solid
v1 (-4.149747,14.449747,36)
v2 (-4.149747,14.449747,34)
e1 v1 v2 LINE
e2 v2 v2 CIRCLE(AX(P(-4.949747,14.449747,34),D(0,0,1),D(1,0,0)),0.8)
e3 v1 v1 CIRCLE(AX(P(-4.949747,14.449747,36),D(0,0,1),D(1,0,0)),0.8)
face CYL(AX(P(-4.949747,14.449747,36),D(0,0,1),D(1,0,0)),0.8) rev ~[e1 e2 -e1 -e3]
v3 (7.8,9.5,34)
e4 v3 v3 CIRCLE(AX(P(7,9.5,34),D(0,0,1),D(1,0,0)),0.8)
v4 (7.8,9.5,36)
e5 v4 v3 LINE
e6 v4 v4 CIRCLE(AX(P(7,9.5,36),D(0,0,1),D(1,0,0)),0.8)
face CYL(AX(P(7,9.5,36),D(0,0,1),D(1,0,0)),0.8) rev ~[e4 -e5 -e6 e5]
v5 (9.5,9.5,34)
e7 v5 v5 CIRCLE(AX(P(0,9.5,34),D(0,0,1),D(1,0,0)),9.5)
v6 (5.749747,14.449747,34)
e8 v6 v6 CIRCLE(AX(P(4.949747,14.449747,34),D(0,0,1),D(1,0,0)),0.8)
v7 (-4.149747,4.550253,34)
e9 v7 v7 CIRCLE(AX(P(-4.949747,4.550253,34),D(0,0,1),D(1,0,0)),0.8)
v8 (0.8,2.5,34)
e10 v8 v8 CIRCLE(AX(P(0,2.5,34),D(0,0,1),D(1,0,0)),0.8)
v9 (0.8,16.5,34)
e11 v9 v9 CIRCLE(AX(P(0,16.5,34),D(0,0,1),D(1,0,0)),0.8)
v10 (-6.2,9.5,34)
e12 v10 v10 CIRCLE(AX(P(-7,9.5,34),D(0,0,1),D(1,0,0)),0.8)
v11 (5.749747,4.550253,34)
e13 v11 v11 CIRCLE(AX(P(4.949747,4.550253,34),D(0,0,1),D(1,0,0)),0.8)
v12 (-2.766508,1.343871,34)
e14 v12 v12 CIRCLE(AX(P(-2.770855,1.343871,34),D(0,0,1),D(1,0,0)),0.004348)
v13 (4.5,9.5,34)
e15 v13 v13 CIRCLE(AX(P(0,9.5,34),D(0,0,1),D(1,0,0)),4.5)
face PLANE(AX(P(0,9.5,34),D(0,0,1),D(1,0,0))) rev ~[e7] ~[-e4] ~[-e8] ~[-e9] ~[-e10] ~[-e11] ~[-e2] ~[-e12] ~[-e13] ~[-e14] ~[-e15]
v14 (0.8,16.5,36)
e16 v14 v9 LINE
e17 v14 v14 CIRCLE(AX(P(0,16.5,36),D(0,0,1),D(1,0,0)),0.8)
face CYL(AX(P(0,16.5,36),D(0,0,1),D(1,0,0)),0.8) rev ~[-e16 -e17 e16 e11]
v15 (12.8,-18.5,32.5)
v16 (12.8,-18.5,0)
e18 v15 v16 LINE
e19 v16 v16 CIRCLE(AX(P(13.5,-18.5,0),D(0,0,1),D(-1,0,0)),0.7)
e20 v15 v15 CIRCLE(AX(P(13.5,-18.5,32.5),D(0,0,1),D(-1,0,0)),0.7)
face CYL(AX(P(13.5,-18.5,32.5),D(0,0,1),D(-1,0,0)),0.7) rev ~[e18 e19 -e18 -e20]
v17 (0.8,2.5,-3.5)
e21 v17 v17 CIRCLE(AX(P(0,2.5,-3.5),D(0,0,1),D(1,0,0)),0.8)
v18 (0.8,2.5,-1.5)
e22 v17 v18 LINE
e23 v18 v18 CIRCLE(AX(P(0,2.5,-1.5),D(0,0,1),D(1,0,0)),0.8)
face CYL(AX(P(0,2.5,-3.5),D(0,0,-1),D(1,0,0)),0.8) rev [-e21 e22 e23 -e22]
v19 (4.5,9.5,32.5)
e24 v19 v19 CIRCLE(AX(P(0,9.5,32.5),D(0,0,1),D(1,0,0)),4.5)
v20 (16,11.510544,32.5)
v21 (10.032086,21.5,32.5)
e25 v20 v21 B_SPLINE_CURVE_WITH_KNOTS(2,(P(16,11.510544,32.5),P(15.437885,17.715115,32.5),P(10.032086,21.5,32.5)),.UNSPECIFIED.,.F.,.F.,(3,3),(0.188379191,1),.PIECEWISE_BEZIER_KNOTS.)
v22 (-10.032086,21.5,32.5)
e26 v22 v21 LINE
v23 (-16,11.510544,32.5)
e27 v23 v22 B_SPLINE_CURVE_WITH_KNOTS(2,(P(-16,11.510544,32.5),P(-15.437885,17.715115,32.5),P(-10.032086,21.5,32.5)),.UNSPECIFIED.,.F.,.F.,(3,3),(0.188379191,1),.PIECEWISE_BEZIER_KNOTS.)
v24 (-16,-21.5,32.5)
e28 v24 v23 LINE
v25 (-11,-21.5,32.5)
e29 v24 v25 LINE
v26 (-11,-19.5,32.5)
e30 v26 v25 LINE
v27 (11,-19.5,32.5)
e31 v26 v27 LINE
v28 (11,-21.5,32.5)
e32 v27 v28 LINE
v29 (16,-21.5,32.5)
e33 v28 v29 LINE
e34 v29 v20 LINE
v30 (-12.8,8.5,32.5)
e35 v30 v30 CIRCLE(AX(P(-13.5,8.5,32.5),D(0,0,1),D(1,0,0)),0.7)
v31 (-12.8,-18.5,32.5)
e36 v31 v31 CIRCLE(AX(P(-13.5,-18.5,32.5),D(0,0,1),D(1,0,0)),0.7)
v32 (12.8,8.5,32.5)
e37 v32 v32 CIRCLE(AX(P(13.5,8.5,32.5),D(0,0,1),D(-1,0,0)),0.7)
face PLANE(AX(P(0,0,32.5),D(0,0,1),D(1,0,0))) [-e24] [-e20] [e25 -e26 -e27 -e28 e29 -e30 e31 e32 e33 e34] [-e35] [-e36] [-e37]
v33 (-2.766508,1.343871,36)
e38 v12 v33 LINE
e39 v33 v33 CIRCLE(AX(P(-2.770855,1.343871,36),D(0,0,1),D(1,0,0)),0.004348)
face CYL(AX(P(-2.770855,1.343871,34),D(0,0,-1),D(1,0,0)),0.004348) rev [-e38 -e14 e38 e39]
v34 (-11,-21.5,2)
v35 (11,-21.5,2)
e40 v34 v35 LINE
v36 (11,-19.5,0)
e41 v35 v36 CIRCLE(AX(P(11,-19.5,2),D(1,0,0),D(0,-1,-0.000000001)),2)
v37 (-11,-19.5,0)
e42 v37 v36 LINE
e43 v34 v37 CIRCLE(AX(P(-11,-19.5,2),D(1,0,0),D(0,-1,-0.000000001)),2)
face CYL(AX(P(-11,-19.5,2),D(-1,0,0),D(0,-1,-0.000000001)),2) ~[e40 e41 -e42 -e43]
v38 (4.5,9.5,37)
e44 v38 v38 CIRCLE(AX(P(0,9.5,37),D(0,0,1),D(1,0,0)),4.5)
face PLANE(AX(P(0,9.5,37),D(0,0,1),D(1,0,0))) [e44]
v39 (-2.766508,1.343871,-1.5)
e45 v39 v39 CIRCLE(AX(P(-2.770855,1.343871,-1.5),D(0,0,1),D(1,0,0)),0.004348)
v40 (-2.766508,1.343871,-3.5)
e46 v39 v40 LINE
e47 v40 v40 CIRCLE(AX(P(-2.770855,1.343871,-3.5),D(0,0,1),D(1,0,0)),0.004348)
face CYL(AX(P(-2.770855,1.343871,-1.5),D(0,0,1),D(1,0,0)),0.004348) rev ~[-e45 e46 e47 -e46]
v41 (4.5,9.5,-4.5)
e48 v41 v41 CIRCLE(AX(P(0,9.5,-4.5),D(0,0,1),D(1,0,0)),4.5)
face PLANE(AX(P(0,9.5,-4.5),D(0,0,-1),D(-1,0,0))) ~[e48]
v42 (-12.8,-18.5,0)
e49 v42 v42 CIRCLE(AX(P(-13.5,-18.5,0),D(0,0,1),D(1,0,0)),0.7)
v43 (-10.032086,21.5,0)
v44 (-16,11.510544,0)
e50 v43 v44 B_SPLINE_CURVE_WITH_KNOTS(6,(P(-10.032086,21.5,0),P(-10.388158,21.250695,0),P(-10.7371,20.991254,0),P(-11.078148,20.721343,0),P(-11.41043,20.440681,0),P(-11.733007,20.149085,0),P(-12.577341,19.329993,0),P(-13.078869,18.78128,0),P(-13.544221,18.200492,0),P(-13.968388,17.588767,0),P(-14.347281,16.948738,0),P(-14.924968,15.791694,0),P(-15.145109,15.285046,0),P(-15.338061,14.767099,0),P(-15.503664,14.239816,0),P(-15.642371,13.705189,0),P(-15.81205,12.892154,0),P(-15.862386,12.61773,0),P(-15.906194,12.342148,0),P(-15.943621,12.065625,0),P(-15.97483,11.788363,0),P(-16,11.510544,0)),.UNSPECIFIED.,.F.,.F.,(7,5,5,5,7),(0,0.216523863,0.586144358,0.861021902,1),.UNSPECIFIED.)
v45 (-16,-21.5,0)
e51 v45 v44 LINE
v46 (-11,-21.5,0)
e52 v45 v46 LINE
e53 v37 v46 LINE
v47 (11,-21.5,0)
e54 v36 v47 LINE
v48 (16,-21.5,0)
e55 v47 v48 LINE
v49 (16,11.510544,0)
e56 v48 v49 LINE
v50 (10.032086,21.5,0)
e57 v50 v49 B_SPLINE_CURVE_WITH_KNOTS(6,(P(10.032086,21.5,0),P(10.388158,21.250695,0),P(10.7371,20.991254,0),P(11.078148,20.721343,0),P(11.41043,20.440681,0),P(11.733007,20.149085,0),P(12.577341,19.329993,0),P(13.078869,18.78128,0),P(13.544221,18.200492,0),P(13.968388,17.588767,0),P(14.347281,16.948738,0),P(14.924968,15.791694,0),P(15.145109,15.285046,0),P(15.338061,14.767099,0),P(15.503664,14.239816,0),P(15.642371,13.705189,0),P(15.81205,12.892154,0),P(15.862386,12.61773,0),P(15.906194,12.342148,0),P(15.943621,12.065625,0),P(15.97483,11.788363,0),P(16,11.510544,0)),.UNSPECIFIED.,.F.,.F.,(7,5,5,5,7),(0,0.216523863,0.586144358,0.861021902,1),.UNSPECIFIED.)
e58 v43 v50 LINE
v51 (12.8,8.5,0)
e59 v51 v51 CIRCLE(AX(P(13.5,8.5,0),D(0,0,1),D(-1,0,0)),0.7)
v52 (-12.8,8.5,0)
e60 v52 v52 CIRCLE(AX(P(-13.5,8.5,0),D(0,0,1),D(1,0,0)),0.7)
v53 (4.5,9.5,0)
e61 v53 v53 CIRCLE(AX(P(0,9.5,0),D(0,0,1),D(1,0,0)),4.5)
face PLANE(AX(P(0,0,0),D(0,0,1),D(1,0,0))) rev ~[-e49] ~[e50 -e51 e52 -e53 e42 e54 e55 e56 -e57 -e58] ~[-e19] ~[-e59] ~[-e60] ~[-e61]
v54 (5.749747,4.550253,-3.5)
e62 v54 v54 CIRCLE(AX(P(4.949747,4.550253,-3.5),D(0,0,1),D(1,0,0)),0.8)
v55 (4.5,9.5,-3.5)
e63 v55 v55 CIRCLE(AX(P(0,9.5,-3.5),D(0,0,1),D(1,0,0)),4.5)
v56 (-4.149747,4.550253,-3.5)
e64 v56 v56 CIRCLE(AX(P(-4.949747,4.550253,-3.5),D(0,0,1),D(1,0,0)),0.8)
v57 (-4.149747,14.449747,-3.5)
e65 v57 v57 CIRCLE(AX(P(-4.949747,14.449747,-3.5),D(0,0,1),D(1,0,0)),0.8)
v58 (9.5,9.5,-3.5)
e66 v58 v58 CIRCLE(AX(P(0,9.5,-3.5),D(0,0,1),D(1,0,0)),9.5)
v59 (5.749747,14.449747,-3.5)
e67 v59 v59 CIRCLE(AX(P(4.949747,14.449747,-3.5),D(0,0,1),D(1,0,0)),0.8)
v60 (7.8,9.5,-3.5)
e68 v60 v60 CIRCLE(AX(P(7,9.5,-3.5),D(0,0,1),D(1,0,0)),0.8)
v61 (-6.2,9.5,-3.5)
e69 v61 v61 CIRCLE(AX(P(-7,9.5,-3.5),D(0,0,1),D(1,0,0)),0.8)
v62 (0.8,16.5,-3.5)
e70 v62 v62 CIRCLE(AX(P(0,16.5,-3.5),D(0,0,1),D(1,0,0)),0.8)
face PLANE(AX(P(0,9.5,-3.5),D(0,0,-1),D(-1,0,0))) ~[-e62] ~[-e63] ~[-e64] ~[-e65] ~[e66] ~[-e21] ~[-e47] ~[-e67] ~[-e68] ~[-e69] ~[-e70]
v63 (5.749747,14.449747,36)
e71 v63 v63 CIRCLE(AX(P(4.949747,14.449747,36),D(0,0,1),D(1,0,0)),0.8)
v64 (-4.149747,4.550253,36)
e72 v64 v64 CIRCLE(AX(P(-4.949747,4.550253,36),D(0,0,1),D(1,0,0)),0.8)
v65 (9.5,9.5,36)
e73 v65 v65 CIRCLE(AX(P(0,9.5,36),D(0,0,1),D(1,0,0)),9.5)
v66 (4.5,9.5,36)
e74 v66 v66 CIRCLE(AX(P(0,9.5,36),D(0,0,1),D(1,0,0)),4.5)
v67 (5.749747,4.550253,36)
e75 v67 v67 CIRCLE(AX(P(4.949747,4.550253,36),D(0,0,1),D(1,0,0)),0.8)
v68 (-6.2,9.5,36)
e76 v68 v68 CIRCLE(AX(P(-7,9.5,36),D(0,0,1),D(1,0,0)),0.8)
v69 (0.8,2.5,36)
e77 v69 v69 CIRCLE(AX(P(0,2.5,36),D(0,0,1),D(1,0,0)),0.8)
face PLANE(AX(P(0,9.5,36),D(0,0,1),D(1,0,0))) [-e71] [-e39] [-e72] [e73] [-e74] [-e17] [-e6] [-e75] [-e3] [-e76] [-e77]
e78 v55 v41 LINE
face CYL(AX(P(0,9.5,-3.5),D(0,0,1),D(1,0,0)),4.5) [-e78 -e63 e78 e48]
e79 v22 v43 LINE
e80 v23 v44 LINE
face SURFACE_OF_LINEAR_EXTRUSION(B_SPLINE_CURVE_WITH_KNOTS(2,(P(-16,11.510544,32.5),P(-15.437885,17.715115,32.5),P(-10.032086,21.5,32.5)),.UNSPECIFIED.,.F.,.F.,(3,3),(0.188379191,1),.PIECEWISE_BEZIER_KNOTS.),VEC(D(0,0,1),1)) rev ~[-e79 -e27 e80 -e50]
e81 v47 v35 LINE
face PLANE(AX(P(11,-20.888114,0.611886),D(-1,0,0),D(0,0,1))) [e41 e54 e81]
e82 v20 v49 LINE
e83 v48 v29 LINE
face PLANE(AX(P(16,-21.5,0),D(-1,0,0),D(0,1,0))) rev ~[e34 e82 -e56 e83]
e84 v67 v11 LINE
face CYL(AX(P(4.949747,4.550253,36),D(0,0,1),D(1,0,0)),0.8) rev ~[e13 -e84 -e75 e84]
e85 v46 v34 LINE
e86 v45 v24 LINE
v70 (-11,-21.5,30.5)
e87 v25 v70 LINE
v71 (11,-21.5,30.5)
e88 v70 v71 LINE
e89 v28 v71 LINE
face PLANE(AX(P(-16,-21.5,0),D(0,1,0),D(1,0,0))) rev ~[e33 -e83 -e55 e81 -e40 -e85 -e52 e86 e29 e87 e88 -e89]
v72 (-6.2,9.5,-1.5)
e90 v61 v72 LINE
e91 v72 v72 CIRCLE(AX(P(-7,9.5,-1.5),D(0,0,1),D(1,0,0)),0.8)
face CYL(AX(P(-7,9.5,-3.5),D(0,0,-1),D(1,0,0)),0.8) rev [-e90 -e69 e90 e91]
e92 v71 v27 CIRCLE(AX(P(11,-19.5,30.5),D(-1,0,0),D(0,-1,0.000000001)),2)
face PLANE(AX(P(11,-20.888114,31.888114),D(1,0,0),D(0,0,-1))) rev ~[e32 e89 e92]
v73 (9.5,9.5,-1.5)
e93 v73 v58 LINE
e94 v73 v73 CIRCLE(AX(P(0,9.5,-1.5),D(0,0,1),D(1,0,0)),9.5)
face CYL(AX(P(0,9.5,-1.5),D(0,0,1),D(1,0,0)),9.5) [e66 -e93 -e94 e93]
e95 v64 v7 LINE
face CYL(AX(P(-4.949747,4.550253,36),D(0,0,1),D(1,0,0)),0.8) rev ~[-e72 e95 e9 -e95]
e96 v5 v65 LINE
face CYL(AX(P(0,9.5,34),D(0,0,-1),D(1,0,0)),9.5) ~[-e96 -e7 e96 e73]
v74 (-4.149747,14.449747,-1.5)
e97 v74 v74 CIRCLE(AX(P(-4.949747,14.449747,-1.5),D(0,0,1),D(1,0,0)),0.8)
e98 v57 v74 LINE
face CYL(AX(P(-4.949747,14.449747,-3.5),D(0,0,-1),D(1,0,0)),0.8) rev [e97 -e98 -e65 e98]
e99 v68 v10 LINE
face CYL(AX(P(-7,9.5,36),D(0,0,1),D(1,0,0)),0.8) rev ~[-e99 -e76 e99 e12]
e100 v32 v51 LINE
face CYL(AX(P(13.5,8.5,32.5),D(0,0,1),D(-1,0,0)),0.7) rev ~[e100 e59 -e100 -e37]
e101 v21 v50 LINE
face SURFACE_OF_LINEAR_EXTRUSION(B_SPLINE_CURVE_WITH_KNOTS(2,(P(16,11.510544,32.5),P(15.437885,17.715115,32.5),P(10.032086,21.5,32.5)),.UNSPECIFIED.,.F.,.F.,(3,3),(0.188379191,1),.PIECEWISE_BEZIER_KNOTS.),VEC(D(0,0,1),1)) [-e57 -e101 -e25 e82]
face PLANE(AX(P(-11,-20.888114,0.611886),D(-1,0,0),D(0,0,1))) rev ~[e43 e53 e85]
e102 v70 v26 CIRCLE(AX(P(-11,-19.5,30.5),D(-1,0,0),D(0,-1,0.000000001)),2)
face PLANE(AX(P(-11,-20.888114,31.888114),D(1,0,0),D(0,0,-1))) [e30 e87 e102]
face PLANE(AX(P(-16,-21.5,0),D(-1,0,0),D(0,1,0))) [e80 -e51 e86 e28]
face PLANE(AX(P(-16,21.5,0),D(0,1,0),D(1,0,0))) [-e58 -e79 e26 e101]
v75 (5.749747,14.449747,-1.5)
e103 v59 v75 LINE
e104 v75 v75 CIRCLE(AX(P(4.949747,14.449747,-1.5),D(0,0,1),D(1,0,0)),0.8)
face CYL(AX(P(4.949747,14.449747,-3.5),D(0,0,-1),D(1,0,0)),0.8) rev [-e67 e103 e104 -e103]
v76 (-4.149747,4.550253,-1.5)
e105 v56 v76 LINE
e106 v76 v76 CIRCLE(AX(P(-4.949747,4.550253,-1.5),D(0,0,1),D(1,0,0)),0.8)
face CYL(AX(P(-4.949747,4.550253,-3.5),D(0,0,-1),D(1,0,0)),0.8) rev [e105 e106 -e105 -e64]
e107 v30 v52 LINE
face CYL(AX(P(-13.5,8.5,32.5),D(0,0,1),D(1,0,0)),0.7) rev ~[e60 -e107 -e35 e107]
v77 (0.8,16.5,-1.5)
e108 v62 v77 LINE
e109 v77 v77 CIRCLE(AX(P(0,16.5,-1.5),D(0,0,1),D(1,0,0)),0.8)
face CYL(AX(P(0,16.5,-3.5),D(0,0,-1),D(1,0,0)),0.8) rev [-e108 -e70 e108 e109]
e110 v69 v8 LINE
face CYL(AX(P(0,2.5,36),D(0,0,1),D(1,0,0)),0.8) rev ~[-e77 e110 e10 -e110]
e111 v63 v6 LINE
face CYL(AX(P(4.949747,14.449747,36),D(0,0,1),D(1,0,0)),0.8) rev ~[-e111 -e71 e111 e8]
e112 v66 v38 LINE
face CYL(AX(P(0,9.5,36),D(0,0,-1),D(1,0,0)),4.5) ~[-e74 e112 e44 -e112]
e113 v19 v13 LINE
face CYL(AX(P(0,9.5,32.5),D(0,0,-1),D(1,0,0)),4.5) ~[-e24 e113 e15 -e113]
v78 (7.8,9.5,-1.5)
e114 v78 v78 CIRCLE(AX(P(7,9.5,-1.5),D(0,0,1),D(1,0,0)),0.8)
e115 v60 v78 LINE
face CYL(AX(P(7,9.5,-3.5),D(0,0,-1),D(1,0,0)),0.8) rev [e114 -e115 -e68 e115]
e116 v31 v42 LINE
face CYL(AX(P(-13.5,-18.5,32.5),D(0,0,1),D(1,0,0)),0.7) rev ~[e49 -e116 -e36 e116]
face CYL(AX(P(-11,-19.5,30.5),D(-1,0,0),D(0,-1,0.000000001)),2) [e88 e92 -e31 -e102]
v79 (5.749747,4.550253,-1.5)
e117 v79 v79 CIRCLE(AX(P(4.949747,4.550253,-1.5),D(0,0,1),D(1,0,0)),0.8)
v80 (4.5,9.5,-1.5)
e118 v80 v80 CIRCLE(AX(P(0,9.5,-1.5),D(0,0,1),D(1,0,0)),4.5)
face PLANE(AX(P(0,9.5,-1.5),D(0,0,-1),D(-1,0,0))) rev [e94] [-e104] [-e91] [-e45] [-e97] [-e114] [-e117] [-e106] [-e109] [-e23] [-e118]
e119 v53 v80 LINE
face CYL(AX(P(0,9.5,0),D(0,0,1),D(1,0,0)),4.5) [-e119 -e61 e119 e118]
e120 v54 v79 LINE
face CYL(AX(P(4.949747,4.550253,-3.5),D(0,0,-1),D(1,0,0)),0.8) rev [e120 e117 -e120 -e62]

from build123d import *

# Parameters (mm, degrees)
ESQUISSE2_W             = 32
ESQUISSE2_H             = 43
BOSS_EXTRU_1_DEPTH      = 32.5
ESQUISSE3_R             = 0.7
ENL_V_MAT_EXTRU_1_DEPTH = 43.12481454
ESQUISSE4_R             = 4.5
BOSS_EXTRU_2_DEPTH      = 1.5
ESQUISSE5_R             = 9.5
ESQUISSE5_R_2           = 0.004347537
BOSS_EXTRU_3_DEPTH      = 2
ESQUISSE6_R             = 0.8
ENL_V_MAT_EXTRU_2_DEPTH = 2
ESQUISSE7_R             = 4.5
BOSS_EXTRU_4_DEPTH      = 1
ENL_V_MAT_EXTRU_4_DEPTH = 43.12481454
ENL_V_START             = -5
ENL_V_MAT_EXTRU_5_DEPTH = 22


with BuildPart() as part:
    # Esquisse2 → Boss.-Extru.1 (new body)
    with BuildSketch(Plane.XY):
        Rectangle(ESQUISSE2_W, ESQUISSE2_H)
    extrude(amount=BOSS_EXTRU_1_DEPTH)

    # Esquisse3 → Enlèv. mat.-Extru.1 (cut, through all)
    with BuildSketch(Plane.XY.offset(32.5)):
        with Locations((-13.5, -18.5)):
            Circle(ESQUISSE3_R)
        with Locations((-13.5, 8.5)):
            Circle(ESQUISSE3_R)
        with Locations(Location((13.5, 8.5, 0), (0, 0, 180))):
            Circle(ESQUISSE3_R)
        with Locations(Location((13.5, -18.5, 0), (0, 0, 180))):
            Circle(ESQUISSE3_R)
    extrude(amount=-ENL_V_MAT_EXTRU_1_DEPTH, mode=Mode.SUBTRACT)

    # Esquisse4 → Boss.-Extru.2 (add)
    with BuildSketch(Plane.XY.offset(32.5)):
        with Locations((0, 9.5)):
            Circle(ESQUISSE4_R)
    boss_extru_2 = extrude(amount=BOSS_EXTRU_2_DEPTH)

    # Esquisse5 → Boss.-Extru.3 (add)
    with BuildSketch(Plane.XY.offset(34)):
        with Locations((0, 9.5)):
            Circle(ESQUISSE5_R)
        with Locations((-2.77085543, 1.343871271)):
            Circle(ESQUISSE5_R_2, mode=Mode.SUBTRACT)
    boss_extru_3 = extrude(amount=BOSS_EXTRU_3_DEPTH)

    # Esquisse6 → Enlèv. mat.-Extru.2 (cut)
    with BuildSketch(Plane.XY.offset(36)):
        with Locations((-7, 9.5)):
            Circle(ESQUISSE6_R)
        with Locations((-4.949747468, 14.449747468)):
            Circle(ESQUISSE6_R)
        with Locations((0, 16.5)):
            Circle(ESQUISSE6_R)
        with Locations((4.949747468, 14.449747468)):
            Circle(ESQUISSE6_R)
        with Locations((7, 9.5)):
            Circle(ESQUISSE6_R)
        with Locations((4.949747468, 4.550252532)):
            Circle(ESQUISSE6_R)
        with Locations((0, 2.5)):
            Circle(ESQUISSE6_R)
        with Locations((-4.949747468, 4.550252532)):
            Circle(ESQUISSE6_R)
    enl_v_mat_extru_2 = extrude(amount=-ENL_V_MAT_EXTRU_2_DEPTH, mode=Mode.SUBTRACT)

    # Esquisse7 → Boss.-Extru.4 (add)
    with BuildSketch(Plane.XY.offset(36)):
        with Locations((0, 9.5)):
            Circle(ESQUISSE7_R)
    boss_extru_4 = extrude(amount=BOSS_EXTRU_4_DEPTH)

    # Esquisse10 → Enlèv. mat.-Extru.4 (cut, through all)
    with BuildSketch(Plane.XY.offset(32.5)):
        with BuildLine():
            add(Edge.make_bspline(
                [(-16, 11.510544327), (-15.437884563, 17.715114653), (-10.032085652, 21.5)],
                knots=[0.188379191, 0.188379191, 0.188379191, 1, 1, 1], degree=2))
            Line((-10.032085652, 21.5), (-16, 21.5))
            Line((-16, 21.5), (-16, 11.510544327))
        make_face()
        with BuildLine():
            Line((16, 21.5), (10.032085652, 21.5))
            add(Edge.make_bspline(
                [(16, 11.510544327), (15.437884563, 17.715114653), (10.032085652, 21.5)],
                knots=[0.188379191, 0.188379191, 0.188379191, 1, 1, 1], degree=2))
            Line((16, 11.510544327), (16, 21.5))
        make_face()
    extrude(amount=-ENL_V_MAT_EXTRU_4_DEPTH, mode=Mode.SUBTRACT)

    # Esquisse14 → Enlèv. mat.-Extru.5 (cut)
    with BuildSketch(Plane.ZY.offset(16).offset(ENL_V_START)):
        with BuildLine():
            Line((0, -19.5), (0, -21.5))
            Line((0, -21.5), (2, -21.5))
            ThreePointArc((2, -21.5), (0.585786438, -20.914213562), (0, -19.5))
        make_face()
        with BuildLine():
            Line((32.5, -19.5), (32.5, -21.5))
            Line((32.5, -21.5), (30.5, -21.5))
            ThreePointArc((30.5, -21.5), (31.914213562, -20.914213562), (32.5, -19.5))
        make_face()
    extrude(amount=-ENL_V_MAT_EXTRU_5_DEPTH, mode=Mode.SUBTRACT)

    # Symétrie1: Boss.-Extru.2, Boss.-Extru.3, Enlèv. mat.-Extru.2, Boss.-Extru.4 across plane
    add(boss_extru_2.mirror(Plane.XY.offset(16.25)))
    add(boss_extru_3.mirror(Plane.XY.offset(16.25)))
    add(enl_v_mat_extru_2.mirror(Plane.XY.offset(16.25)), mode=Mode.SUBTRACT)
    add(boss_extru_4.mirror(Plane.XY.offset(16.25)))


solid = part.part
